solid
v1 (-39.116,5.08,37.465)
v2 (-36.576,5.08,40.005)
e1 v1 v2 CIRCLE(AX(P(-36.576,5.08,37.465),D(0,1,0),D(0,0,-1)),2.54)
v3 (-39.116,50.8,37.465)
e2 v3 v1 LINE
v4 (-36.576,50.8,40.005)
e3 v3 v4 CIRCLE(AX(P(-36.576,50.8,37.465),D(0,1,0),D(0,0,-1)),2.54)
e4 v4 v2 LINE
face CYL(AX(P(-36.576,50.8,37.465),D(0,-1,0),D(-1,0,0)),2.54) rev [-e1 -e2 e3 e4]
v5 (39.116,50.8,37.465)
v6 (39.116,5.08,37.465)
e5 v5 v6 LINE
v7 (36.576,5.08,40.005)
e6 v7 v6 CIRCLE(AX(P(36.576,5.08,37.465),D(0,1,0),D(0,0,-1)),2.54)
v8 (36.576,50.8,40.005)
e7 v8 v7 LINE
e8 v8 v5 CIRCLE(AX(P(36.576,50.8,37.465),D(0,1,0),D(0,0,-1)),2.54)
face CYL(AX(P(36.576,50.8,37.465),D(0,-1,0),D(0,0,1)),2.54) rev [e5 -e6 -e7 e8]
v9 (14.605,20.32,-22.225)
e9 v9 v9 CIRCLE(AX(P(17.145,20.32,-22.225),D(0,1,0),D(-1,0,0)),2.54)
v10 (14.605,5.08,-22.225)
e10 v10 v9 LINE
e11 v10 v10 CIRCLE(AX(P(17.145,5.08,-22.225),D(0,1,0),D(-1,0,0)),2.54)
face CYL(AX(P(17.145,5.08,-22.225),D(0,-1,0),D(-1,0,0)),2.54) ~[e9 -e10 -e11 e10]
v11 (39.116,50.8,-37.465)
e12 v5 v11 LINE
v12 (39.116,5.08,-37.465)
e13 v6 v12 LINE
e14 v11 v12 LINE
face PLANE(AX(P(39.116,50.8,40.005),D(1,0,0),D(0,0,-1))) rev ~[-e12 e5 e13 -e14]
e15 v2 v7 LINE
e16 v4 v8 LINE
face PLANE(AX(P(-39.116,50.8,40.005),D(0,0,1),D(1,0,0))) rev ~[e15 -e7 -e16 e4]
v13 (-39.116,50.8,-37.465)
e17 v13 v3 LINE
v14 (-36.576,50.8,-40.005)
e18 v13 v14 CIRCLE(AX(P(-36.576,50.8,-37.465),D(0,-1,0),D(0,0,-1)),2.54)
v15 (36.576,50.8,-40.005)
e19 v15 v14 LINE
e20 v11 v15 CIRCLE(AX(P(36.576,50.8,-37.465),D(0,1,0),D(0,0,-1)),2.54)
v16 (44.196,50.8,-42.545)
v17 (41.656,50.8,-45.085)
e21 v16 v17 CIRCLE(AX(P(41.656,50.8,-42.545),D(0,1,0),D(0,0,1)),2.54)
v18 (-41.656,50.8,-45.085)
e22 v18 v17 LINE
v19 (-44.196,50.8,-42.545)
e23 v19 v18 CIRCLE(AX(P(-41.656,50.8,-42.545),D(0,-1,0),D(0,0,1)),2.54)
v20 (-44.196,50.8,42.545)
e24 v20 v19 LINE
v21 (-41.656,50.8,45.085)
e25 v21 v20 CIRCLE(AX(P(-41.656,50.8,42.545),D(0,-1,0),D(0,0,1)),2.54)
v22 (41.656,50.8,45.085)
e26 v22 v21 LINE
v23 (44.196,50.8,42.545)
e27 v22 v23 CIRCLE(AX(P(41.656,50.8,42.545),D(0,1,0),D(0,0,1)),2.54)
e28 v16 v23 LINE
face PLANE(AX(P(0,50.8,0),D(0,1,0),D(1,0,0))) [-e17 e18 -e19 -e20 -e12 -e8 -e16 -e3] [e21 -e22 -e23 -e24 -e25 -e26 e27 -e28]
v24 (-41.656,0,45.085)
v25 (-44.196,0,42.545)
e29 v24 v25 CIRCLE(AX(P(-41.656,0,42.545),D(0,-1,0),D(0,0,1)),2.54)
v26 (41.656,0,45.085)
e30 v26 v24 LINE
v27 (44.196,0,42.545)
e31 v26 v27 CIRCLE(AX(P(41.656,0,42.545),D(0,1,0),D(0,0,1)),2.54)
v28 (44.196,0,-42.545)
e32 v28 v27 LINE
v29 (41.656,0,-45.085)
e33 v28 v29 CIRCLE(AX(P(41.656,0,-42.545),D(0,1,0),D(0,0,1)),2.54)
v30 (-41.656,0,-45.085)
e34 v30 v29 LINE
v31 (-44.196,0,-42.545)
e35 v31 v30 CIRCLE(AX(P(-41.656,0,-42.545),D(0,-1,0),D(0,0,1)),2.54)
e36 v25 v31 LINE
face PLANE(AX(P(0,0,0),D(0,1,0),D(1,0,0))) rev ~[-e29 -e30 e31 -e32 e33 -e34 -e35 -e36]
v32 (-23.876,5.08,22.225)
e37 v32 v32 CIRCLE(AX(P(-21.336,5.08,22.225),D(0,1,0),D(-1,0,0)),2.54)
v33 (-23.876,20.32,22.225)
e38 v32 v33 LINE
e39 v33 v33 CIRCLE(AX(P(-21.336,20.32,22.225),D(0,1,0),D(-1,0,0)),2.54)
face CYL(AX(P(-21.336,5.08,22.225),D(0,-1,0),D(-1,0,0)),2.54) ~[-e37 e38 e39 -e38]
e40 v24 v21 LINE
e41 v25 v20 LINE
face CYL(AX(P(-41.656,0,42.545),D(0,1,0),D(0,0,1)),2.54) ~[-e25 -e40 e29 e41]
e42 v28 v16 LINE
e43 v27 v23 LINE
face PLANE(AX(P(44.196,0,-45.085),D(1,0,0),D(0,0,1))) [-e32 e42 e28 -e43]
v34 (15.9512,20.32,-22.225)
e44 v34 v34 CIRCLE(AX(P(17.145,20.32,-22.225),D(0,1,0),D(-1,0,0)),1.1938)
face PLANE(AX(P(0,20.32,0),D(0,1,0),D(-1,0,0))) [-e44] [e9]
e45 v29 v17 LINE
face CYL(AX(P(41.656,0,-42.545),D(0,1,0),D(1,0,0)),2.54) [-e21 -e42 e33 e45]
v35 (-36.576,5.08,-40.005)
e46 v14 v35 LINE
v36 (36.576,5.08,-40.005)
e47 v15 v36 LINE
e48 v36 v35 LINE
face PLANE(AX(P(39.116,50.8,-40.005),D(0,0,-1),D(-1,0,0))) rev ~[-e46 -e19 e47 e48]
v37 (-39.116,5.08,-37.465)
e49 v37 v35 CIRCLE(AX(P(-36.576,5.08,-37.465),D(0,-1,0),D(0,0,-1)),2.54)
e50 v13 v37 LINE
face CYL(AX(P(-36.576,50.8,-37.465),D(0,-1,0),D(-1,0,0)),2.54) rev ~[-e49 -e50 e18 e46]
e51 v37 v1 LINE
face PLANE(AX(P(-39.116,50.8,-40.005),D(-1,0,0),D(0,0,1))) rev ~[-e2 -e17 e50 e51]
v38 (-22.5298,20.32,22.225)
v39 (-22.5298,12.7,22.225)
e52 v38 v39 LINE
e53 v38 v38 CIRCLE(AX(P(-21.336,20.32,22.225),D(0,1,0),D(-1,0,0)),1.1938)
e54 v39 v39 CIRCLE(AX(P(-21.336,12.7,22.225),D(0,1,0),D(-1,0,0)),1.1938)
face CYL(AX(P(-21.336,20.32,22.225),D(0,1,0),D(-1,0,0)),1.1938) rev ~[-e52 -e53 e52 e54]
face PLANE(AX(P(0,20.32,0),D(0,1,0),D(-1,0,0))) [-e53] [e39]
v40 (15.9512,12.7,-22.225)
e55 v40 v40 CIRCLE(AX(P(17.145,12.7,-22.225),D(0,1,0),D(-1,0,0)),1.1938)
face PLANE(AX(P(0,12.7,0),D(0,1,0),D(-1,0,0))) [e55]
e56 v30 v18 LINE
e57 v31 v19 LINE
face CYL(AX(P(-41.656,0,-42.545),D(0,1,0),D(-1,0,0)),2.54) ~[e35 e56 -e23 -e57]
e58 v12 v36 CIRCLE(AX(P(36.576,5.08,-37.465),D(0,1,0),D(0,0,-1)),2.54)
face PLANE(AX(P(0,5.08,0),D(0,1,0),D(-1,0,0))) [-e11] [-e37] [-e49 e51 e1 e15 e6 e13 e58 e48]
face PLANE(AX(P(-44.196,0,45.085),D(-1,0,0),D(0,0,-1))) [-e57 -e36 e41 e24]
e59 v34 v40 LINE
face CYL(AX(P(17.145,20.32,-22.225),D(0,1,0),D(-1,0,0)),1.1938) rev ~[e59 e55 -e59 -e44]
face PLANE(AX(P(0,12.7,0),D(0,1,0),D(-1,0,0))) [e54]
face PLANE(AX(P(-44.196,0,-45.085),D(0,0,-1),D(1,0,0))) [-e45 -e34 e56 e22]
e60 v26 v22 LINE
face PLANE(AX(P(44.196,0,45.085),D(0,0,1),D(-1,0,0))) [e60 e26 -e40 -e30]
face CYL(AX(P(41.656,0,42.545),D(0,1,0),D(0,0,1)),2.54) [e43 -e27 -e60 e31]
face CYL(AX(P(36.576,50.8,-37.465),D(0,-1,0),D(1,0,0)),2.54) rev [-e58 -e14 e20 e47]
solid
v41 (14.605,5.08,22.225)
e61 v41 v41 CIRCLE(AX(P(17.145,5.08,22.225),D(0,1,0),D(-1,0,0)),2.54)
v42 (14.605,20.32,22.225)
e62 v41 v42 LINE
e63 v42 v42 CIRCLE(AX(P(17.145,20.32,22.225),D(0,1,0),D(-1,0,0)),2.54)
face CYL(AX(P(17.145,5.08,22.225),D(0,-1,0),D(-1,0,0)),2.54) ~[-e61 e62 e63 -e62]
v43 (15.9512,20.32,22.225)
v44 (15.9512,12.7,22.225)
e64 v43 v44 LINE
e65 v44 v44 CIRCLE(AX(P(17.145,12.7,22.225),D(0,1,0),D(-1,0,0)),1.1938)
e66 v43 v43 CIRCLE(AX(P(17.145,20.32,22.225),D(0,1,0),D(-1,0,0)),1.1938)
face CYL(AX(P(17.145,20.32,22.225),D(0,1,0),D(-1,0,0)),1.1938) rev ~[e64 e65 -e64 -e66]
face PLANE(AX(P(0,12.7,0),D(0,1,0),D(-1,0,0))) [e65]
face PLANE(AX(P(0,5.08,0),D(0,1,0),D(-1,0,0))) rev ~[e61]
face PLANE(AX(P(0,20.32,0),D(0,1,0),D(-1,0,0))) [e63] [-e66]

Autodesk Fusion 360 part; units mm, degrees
sketch "Sketch1" plane through (0, 0, 0) normal (0, 1, 0) x (1, 0, 0) in component "Case"
  line L0 (44.196, -45.085) -> (-44.196, -45.085)
  line L1 (-44.196, -45.085) -> (-44.196, 45.085)
  line L2 (-44.196, 45.085) -> (44.196, 45.085)
  line L3 (44.196, 45.085) -> (44.196, -45.085)
  line L4 (44.196, -45.085) -> (-44.196, 45.085) construction
  line L5 (-44.196, -45.085) -> (44.196, 45.085) construction
  dimension "d1" = 90.17
  dimension "d2" = 88.392
extrude "Extrude1" add sketch "Sketch1" along normal blind 50.8 makes body 1 in component "Case"
sketch "Sketch2" plane through (0, 50.8, 0) normal (0, 1, 0) x (-1, 0, 0) in component "Case"
  line L0 (-44.196, -45.085) -> (44.196, -45.085)
  line L1 (44.196, -45.085) -> (44.196, 45.085)
  line L2 (44.196, 45.085) -> (-44.196, 45.085)
  line L3 (-44.196, 45.085) -> (-44.196, -45.085)
sketch "Sketch3" plane through (0, 50.8, 0) normal (0, 1, 0) x (-1, 0, 0) in component "Case"
  line L0 (39.116, 40.005) -> (-39.116, 40.005)
  line L1 (-39.116, 40.005) -> (-39.116, -40.005)
  line L2 (-39.116, -40.005) -> (39.116, -40.005)
  line L3 (39.116, -40.005) -> (39.116, 40.005)
  line L4 (39.116, 40.005) -> (-39.116, -40.005) construction
  line L5 (-39.116, 40.005) -> (39.116, -40.005) construction
  dimension "d5" = 78.232
  dimension "d6" = 80.01
extrude "Extrude2" cut sketch "Sketch3" against normal blind 45.72 bodies 1 in component "Case"
fillet "Fillet1" radius 2.54 8 edges at (44.196, 25.4, 45.085) (-44.196, 25.4, 45.085) (39.116, 27.94, -40.005) (-39.116, 27.94, -40.005) (-44.196, 25.4, -45.085) (39.116, 27.94, 40.005) (-39.116, 27.94, 40.005) (44.196, 25.4, -45.085) on bodies 1 in component "Case"
sketch "Sketch5" plane through (0, 5.08, 0) normal (0, 1, 0) x (-1, 0, 0) in component "Case"
  circle A0 centre (-17.145, -22.225) radius 2.54
  circle A1 centre (-17.145, 22.225) radius 2.54
  circle A2 centre (21.336, 22.225) radius 2.54
  arc A3 (39.116, 37.465) -> (36.576, 40.005) centre (36.576, 37.465) ccw
  line L0 (36.576, 40.005) -> (-36.576, 40.005)
  arc A4 (-36.576, 40.005) -> (-39.116, 37.465) centre (-36.576, 37.465) ccw
  line L1 (-39.116, 37.465) -> (-39.116, -37.465)
  arc A5 (-39.116, -37.465) -> (-36.576, -40.005) centre (-36.576, -37.465) ccw
  line L2 (-36.576, -40.005) -> (36.576, -40.005)
  arc A6 (36.576, -40.005) -> (39.116, -37.465) centre (36.576, -37.465) ccw
  line L3 (39.116, -37.465) -> (39.116, 37.465)
  dimension "d19" = 5.08
  dimension "d20" = 5.08
  dimension "d21" = 5.08
  dimension "d22" = 17.145
  dimension "d23" = 17.145
  dimension "d24" = 21.336
  dimension "d25" = 22.225
  dimension "d26" = 22.225
  dimension "d27" = 22.225
sketch "Sketch6" plane through (0, 5.08, 0) normal (0, 1, 0) x (-1, 0, 0) in component "Case"
  circle A0 centre (-17.145, 22.225) radius 2.54
  arc A1 (39.116, 37.465) -> (36.576, 40.005) centre (36.576, 37.465) ccw
  line L0 (36.576, 40.005) -> (-36.576, 40.005)
  arc A2 (-36.576, 40.005) -> (-39.116, 37.465) centre (-36.576, 37.465) ccw
  line L1 (-39.116, 37.465) -> (-39.116, -37.465)
  arc A3 (-39.116, -37.465) -> (-36.576, -40.005) centre (-36.576, -37.465) ccw
  line L2 (-36.576, -40.005) -> (36.576, -40.005)
  arc A4 (36.576, -40.005) -> (39.116, -37.465) centre (36.576, -37.465) ccw
  line L3 (39.116, -37.465) -> (39.116, 37.465)
  dimension "d30" = 5.08
  dimension "d31" = 17.145
  dimension "d32" = 22.225
extrude "Extrude4" add sketch "Sketch6" along normal blind 15.24 separate body contours A0 makes body 2 in component "Case"
sketch "Sketch7" plane through (0, 5.08, 0) normal (0, 1, 0) x (-1, 0, 0) in component "Case"
  arc A0 (39.116, 37.465) -> (36.576, 40.005) centre (36.576, 37.465) ccw
  line L0 (36.576, 40.005) -> (-36.576, 40.005)
  arc A1 (-36.576, 40.005) -> (-39.116, 37.465) centre (-36.576, 37.465) ccw
  line L1 (-39.116, 37.465) -> (-39.116, -37.465)
  arc A2 (-39.116, -37.465) -> (-36.576, -40.005) centre (-36.576, -37.465) ccw
  line L2 (-36.576, -40.005) -> (36.576, -40.005)
  arc A3 (36.576, -40.005) -> (39.116, -37.465) centre (36.576, -37.465) ccw
  line L3 (39.116, -37.465) -> (39.116, 37.465)
  circle A4 centre (21.336, 22.225) radius 2.54
  dimension "d35" = 5.08
  dimension "d36" = 21.336
  dimension "d37" = 22.225
extrude "Extrude5" add sketch "Sketch7" along normal blind 15.24 contours A4 bodies 1 in component "Case"
sketch "Sketch8" plane through (0, 5.08, 0) normal (0, 1, 0) x (-1, 0, 0) in component "Case"
  circle A0 centre (21.336, 22.225) radius 2.54
  arc A1 (39.116, 37.465) -> (36.576, 40.005) centre (36.576, 37.465) ccw
  line L0 (36.576, 40.005) -> (-36.576, 40.005)
  arc A2 (-36.576, 40.005) -> (-39.116, 37.465) centre (-36.576, 37.465) ccw
  line L1 (-39.116, 37.465) -> (-39.116, -37.465)
  arc A3 (-39.116, -37.465) -> (-36.576, -40.005) centre (-36.576, -37.465) ccw
  line L2 (-36.576, -40.005) -> (36.576, -40.005)
  arc A4 (36.576, -40.005) -> (39.116, -37.465) centre (36.576, -37.465) ccw
  line L3 (39.116, -37.465) -> (39.116, 37.465)
  circle A5 centre (-17.145, -22.225) radius 2.54
  dimension "d40" = 5.08
  dimension "d41" = 22.225
  dimension "d42" = 17.145
extrude "Extrude6" add sketch "Sketch8" along normal blind 15.24 contours A5 bodies 1 in component "Case"
sketch "Sketch9" plane through (0, 20.32, 0) normal (0, 1, 0) x (-1, 0, 0) in component "Case"
  circle A0 centre (-17.145, 22.225) radius 2.54
  circle A1 centre (-17.145, 22.225) radius 1.1938
  dimension "d45" = 2.3876
extrude "Extrude7" cut sketch "Sketch9" against normal blind 7.62 contours A1 bodies 2 in component "Case"
sketch "Sketch10" plane through (0, 20.32, 0) normal (0, 1, 0) x (-1, 0, 0) in component "Case"
  circle A0 centre (21.336, 22.225) radius 2.54
  circle A1 centre (21.336, 22.225) radius 1.1938
  dimension "d48" = 2.3876
extrude "Extrude8" cut sketch "Sketch10" against normal blind 7.62 contours A1 bodies 1 in component "Case"
sketch "Sketch11" plane through (0, 20.32, 0) normal (0, 1, 0) x (-1, 0, 0) in component "Case"
  circle A0 centre (-17.145, -22.225) radius 2.54
  circle A1 centre (-17.145, -22.225) radius 1.1938
  dimension "d51" = 2.3876
extrude "Extrude9" cut sketch "Sketch11" against normal blind 7.62 contours A1 bodies 1 in component "Case"
component "Case" placed x (1, 0, 0) y (0, 1, 0) z (0, 0, 1) at (0, 0, 0)
